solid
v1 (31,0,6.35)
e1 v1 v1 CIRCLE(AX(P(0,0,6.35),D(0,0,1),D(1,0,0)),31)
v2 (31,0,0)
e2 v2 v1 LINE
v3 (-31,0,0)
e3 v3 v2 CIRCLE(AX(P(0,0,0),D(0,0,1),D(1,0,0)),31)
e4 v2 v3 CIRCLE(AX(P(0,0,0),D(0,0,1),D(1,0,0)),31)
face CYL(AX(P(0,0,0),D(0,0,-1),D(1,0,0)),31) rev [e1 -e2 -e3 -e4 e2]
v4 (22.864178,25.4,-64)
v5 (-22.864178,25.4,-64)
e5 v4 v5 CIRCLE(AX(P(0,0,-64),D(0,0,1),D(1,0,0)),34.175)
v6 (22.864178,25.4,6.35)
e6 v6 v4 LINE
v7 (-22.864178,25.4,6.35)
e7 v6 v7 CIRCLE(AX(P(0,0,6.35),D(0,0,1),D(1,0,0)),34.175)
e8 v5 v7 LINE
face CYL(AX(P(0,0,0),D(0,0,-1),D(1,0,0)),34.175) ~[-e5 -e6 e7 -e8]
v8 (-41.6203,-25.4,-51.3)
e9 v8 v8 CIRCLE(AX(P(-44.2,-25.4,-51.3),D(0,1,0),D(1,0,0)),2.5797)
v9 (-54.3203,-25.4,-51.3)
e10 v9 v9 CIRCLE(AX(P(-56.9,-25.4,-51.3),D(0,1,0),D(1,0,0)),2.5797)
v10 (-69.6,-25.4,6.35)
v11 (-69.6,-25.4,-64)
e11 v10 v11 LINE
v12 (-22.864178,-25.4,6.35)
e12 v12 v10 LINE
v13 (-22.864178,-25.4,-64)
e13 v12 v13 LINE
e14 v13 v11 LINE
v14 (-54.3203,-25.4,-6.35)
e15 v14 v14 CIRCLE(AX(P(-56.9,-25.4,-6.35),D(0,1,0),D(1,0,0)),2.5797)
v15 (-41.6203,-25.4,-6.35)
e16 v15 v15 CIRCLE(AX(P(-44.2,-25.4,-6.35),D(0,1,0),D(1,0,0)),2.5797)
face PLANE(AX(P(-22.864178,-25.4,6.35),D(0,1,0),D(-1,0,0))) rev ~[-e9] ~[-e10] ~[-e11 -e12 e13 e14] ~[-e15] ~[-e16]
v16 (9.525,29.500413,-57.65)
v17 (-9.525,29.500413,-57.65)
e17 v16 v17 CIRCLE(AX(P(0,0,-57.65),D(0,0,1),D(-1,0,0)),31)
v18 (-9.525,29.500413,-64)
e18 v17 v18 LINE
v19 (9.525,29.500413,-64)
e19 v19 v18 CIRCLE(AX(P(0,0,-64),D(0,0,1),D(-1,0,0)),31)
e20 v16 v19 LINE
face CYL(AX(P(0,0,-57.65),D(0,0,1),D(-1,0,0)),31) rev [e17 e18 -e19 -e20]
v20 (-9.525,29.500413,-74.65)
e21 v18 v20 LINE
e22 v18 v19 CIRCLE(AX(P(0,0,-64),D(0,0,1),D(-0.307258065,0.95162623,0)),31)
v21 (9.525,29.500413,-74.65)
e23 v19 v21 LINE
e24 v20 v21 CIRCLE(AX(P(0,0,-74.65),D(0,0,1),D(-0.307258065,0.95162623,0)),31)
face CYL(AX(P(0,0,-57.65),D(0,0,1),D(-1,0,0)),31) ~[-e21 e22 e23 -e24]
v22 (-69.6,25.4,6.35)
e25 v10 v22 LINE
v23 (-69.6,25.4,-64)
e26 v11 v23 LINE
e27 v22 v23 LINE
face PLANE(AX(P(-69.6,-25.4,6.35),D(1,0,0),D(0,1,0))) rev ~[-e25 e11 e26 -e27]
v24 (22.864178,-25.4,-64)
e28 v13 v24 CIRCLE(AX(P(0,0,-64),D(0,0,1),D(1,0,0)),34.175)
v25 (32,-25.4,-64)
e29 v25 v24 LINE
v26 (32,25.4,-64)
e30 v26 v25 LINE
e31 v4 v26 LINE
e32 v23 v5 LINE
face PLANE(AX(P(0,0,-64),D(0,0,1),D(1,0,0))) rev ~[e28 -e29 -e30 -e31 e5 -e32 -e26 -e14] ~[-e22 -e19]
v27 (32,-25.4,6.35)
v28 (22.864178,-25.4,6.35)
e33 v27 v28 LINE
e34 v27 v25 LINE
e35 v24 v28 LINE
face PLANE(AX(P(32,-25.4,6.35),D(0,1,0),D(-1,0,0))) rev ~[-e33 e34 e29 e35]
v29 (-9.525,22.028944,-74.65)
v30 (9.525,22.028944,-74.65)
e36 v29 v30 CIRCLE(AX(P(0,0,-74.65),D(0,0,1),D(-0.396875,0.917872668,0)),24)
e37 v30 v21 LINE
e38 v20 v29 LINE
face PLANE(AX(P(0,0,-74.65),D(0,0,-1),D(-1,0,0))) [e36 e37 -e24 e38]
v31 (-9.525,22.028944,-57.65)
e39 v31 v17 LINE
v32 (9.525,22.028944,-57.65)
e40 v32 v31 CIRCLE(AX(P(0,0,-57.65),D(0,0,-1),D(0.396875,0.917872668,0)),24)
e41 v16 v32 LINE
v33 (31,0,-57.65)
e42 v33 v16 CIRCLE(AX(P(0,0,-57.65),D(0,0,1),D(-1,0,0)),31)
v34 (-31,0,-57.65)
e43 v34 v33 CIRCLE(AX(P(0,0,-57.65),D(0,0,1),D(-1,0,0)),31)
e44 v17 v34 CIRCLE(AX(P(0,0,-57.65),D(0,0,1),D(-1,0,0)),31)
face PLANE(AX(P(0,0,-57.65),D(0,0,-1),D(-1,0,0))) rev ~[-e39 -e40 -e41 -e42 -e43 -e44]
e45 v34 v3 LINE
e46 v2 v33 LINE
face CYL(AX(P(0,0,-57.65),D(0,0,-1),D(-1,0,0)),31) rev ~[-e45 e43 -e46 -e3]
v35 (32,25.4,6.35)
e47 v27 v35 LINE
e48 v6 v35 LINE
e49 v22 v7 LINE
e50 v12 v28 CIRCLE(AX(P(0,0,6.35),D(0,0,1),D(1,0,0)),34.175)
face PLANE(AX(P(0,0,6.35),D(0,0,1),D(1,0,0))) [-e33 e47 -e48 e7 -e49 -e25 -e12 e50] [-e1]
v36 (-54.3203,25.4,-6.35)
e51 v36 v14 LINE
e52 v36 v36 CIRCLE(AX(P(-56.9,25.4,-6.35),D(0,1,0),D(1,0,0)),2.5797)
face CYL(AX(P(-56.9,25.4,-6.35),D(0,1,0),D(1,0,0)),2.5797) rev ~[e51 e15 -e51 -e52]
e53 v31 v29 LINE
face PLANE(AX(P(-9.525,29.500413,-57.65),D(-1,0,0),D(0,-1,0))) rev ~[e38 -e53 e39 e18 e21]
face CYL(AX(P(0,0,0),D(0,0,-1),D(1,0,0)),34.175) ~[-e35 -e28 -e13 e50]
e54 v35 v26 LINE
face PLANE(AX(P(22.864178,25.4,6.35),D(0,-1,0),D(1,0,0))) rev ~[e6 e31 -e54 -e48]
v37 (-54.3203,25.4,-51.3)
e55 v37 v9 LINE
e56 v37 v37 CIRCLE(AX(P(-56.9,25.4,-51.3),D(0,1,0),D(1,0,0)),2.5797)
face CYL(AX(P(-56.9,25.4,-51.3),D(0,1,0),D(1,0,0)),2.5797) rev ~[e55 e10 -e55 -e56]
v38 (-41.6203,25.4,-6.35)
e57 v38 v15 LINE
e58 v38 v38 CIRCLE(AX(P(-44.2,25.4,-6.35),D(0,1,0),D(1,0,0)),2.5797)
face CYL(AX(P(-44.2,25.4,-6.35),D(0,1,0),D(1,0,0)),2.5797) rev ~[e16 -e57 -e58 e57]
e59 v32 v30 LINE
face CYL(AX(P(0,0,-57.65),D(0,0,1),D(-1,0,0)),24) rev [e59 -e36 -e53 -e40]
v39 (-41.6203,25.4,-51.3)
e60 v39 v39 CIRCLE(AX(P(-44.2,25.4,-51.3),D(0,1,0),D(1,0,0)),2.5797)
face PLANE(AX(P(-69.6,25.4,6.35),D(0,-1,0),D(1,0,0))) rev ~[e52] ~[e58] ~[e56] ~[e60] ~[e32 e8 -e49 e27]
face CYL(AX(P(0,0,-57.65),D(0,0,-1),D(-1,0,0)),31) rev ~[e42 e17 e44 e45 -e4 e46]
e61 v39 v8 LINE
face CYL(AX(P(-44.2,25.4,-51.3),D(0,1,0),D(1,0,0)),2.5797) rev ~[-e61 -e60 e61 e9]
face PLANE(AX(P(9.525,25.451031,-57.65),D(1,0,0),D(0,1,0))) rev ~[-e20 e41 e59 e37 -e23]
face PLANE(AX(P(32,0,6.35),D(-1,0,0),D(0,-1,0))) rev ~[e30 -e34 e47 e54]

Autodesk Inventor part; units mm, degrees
ref_plane "YZ Plane" through (0, 0, 0) normal (1, 0, 0) x (0, 1, 0)
ref_plane "XZ Plane" through (0, 0, 0) normal (0, 1, 0) x (-1, 0, 0)
ref_plane "XY Plane" through (0, 0, 0) normal (0, 0, 1) x (1, 0, 0)
sketch "Sketch1" plane through (0, 0, 0) normal (0, 0, 1) x (1, 0, 0)
  circle A0 centre (0, 0) radius 31
  circle A1 centre (0, 0) radius 34.175
  dimension "d0" = 62
  dimension "d1" = 68.35
extrude "Extrusion1" add sketch "Sketch1" along normal blind 6.35
ref_plane "Work Plane1" through (0, 0, -83.5) normal (0, 0, -1) x (-1, 0, 0)
sketch "Sketch2" plane through (0, 0, -83.5) normal (0, 0, -1) x (-1, 0, 0)
  circle A0 centre (0, 0) radius 30
  circle A1 centre (0, 0) radius 33.175
  circle A2 centre (0, 0) radius 23
  circle A3 centre (0, 0) radius 26.175
  dimension "d5" = 60
  dimension "d6" = 66.35
  dimension "d28" = 46
  dimension "d29" = 52.35
ref_plane "Work Plane2" through (0, 0, -57.65) normal (0, 0, -1) x (-1, 0, 0)
sketch "Sketch3" plane through (0, 0, -57.65) normal (0, 0, -1) x (-1, 0, 0)
  circle A0 centre (0, 0) radius 34.175
  circle A1 centre (0, 0) radius 31
  circle A2 centre (0, 0) radius 24
  circle A3 centre (0, 0) radius 27.175
  line L0 (0, 0) -> (34.175, 0)
  line L1 (0, 0) -> (34.175, 0) construction
  line L2 (0, 0) -> (33.8826, 4.4607)
  line L3 (0, 0) -> (33.8826, -4.4607)
  line L4 (33.8826, 4.4607) -> (33.8826, -4.4607)
  line L5 (33.8826, -4.4607) -> (0, -4.4607)
  line L6 (0, -4.4607) -> (0, 4.4607)
  line L7 (0, 4.4607) -> (33.8826, 4.4607)
  line L8 (33.8826, 4.4607) -> (33.8826, -4.4607)
  line L9 (33.8826, -4.4607) -> (37.0576, -4.4607)
  line L10 (37.0576, -4.4607) -> (37.0576, 4.4607)
  line L11 (37.0576, 4.4607) -> (33.8826, 4.4607)
  line L12 (-3.8631, 2.2304) -> (13.0782, 31.5736)
  line L13 (20.8044, 27.1129) -> (3.8631, -2.2304)
  line L14 (20.8044, 27.1129) -> (22.3919, 29.8625)
  line L15 (14.6657, 34.3232) -> (13.0782, 31.5736)
  line L16 (-3.8631, -2.2304) -> (-20.8044, 27.1129)
  line L17 (-13.0782, 31.5736) -> (3.8631, 2.2304)
  line L18 (-13.0782, 31.5736) -> (-14.6657, 34.3232)
  line L19 (-22.3919, 29.8625) -> (-20.8044, 27.1129)
  line L20 (0, -4.4607) -> (-33.8826, -4.4607)
  line L21 (-33.8826, 4.4607) -> (0, 4.4607)
  line L22 (-33.8826, 4.4607) -> (-37.0576, 4.4607)
  line L23 (-37.0576, -4.4607) -> (-33.8826, -4.4607)
  line L24 (3.8631, -2.2304) -> (-13.0782, -31.5736)
  line L25 (-20.8044, -27.1129) -> (-3.8631, 2.2304)
  line L26 (-20.8044, -27.1129) -> (-22.3919, -29.8625)
  line L27 (-14.6657, -34.3232) -> (-13.0782, -31.5736)
  line L28 (3.8631, 2.2304) -> (20.8044, -27.1129)
  line L29 (13.0782, -31.5736) -> (-3.8631, -2.2304)
  line L30 (13.0782, -31.5736) -> (14.6657, -34.3232)
  line L31 (22.3919, -29.8625) -> (20.8044, -27.1129)
  line L32 (-34.175, 6.35) -> (0, 6.35)
  line L33 (0, 6.35) -> (0, -6.35)
  line L34 (0, -6.35) -> (-34.175, -6.35)
  line L35 (-34.175, -6.35) -> (-34.175, 6.35)
  line L36 (-9.525, 34.175) -> (9.525, 34.175)
  line L37 (9.525, 34.175) -> (9.525, 0)
  line L38 (9.525, 0) -> (-9.525, 0)
  line L39 (-9.525, 0) -> (-9.525, 34.175)
  point P0 (-26.8064, 4.4607)
  point P1 (-33.8826, 4.4607)
  point P2 (-33.8826, -4.4607)
  point P3 (-26.8064, -4.4607)
  point P4 (-17.2663, -20.9846)
  point P5 (-20.8044, -27.1129)
  point P6 (-13.0782, -31.5736)
  point P7 (-9.5401, -25.4454)
  point P8 (9.5401, -25.4454)
  point P9 (20.8044, -27.1129)
  point P10 (17.2663, -20.9846)
  point P11 (26.8064, -4.4607)
  point P12 (26.8064, 4.4607)
  point P13 (17.2663, 20.9846)
  point P14 (20.8044, 27.1129)
  point P15 (13.0782, 31.5736)
  point P16 (9.5401, 25.4454)
  point P17 (-13.0782, 31.5736)
  point P18 (-20.8044, 27.1129)
  point P19 (-17.2663, 20.9846)
  point P20 (-9.5401, 25.4454)
  point P21 (-34.175, 0)
  point P22 (0, 0)
  point P23 (0, 0)
  point P24 (-7.9278, 22.6528)
  point P25 (-9.525, 25.4192)
  point P26 (-9.525, 29.5004)
  point P27 (9.525, 29.5004)
  point P28 (9.525, 25.4192)
  point P29 (7.9278, 22.6528)
  point P30 (-9.525, 22.0289)
  point P31 (9.525, 22.0289)
  dimension "d8" = 68.35
  dimension "d9" = 62
  dimension "d10" = 48
  dimension "d11" = 54.35
  dimension "d12" = 0
  dimension "d13" = 7.5
  dimension "d14" = 7.5
  dimension "d15" = 3.175
  dimension "d18" = 360
  dimension "d70" = 12.7
  dimension "d71" = 19.05
  dimension "d72" = 9.525
extrude "Extrusion2" add sketch "Sketch3" against normal up to surface (57.65 mm away) contours L0 L4 A0 | A0 L4 L0 | L7 A1 L13 A0 | L4 L0 A1 L2 | L2 A1 L7 | L5 A1 L3 | L3 A1 L0 L4 | A0 L28 A1 L5 | L13 A1 L12 A0 | A0 L29 A1 L28 | L12 A1 L37 A0 | A0 L24 A1 L29 | L37 A1 L39 A0 | A0 L25 A1 L24 | A0 L34 A1 L25 | L39 A1 L17 A0 | A0 L20 A1 L34 | L17 A1 L16 A0 | A0 L21 A1 L20 | L16 A1 L32 A0 | L32 A1 L21 A0
extrude "Extrusion3" add sketch "Sketch3" along normal blind 17 contours L2 A3 L7 A1 | A1 L0 A3 L2 | L7 A3 L13 A1 | L3 A3 L0 A1 | A1 L5 A3 L3 | A1 L28 A3 L5 | L13 A3 L12 A1 | L2 A2 L7 A3 | A3 L0 A2 L2 | L7 A2 L13 A3 | A1 L29 A3 L28 | L3 A2 L0 A3 | A3 L5 A2 L3 | A3 L28 A2 L5 | L12 A3 L37 A1 | L13 A2 L37 L12 A3 | A1 L24 A3 L29 | A3 L29 A2 L28 | L12 L37 A3 | A1 L25 A3 L24 | A3 L24 A2 L29 | L39 A3 L17 A1 | A1 L34 A3 L25 | A3 L25 A2 L24 | L17 A3 L16 A1 | L39 L17 A3 | A1 L20 A3 L34 | A3 L34 A2 L25 | L16 A3 L32 A1 | L17 L39 A2 L16 A3 | A1 L21 A3 L20 | A3 L20 A2 L34 | L32 A3 L21 A1 | L16 A2 L32 A3 | A3 L21 A2 L20 | L32 A2 L21 A3
extrude "Extrusion5" add sketch "Sketch3" along normal blind 6.35 contours L0 L4 A0 | A0 L4 L0 | L7 A1 L13 A0 | L4 L0 A1 L2 | L2 A1 L7 | L5 A1 L3 | L3 A1 L0 L4 | A0 L28 A1 L5 | L13 A1 L12 A0 | A0 L29 A1 L28 | L12 A1 L37 A0 | A0 L24 A1 L29 | L37 A1 L39 A0 | A0 L25 A1 L24 | A0 L34 A1 L25 | L39 A1 L17 A0 | A0 L20 A1 L34 | L17 A1 L16 A0 | A0 L21 A1 L20 | L16 A1 L32 A0 | L32 A1 L21 A0
sketch "Sketch4" plane through (0, 0, 6.35) normal (0, 0, 1) x (1, 0, 0)
  circle A0 centre (0, 0) radius 32
  line L0 (32, 25.4) -> (32, -25.4)
  line L1 (32, -25.4) -> (-69.6, -25.4)
  line L2 (-69.6, -25.4) -> (-69.6, 25.4)
  line L3 (-69.6, 25.4) -> (32, 25.4)
  circle A1 centre (0, 0) radius 31
  circle A2 centre (0, 0) radius 31 projected
  circle A3 centre (0, 0) radius 34.175
  circle A4 centre (0, 0) radius 34.175 projected
  point P0 (22.8642, 25.4)
  point P1 (-22.8642, 25.4)
  point P2 (-22.8642, -25.4)
  point P3 (22.8642, -25.4)
  point P4 (32, 11.9971)
  point P5 (32, -11.9971)
  dimension "d41" = 64
  dimension "d42" = 25.4
  dimension "d43" = 50.8
  dimension "d44" = 101.6
extrude "Extrusion7" add sketch "Sketch4" against normal up to surface (70.35 mm away) contours A0 L1 A1 L3 | L0 A3 L1 A0 | A0 L3 A3 L0 | L3 A1 A0 | A0 L3 A3 | L1 A3 A0 | A0 L1 A1 | A3 L3 L0 | L0 L1 A3 | L3 A1 L1 A0 | A0 L1 A3 L3 | A3 L1 L2 L3
extrude "Extrusion8" cut sketch "Sketch4" against normal through all contours L0 A3
sketch "Sketch8" plane through (-69.6, 25.4, 6.35) normal (0, 1, 0) x (1, 0, 0)
  circle A0 centre (12.7, 12.7) radius 2.5797
  line L0 (0, 0) -> (0, 70.35) projected
  line L1 (0, 0) -> (12.7, 0)
  line L2 (0, 0) -> (12.7, 0) construction
  line L3 (0, 0) -> (0, 12.7)
  line L4 (0, 0) -> (12.7, 0) construction
  circle A1 centre (25.4, 12.7) radius 2.5797
  circle A2 centre (12.7, 57.65) radius 2.5797
  circle A3 centre (25.4, 57.65) radius 2.5797
  line L5 (46.7358, 0) -> (0, 0) projected
  line L6 (46.7358, 70.35) -> (0, 70.35) projected
  point P0 (69.6, 6.35)
  dimension "d73" = 12.7
  dimension "d74" = 0
  dimension "d75" = 12.7
  dimension "d76" = 90
  dimension "d79" = 12.7
  dimension "d82" = 44.95
  dimension "d85" = 5.1594
  dimension "d86" = 12.7
  dimension "d87" = 12.7
  dimension "d88" = 12.7
extrude "Extrusion11" cut sketch "Sketch8" against normal through all
equation "\"d14\" = d13"
equation "\"d72\" = 0.5 * d71"
equation "\"d42\" = 0.5 * d43"
